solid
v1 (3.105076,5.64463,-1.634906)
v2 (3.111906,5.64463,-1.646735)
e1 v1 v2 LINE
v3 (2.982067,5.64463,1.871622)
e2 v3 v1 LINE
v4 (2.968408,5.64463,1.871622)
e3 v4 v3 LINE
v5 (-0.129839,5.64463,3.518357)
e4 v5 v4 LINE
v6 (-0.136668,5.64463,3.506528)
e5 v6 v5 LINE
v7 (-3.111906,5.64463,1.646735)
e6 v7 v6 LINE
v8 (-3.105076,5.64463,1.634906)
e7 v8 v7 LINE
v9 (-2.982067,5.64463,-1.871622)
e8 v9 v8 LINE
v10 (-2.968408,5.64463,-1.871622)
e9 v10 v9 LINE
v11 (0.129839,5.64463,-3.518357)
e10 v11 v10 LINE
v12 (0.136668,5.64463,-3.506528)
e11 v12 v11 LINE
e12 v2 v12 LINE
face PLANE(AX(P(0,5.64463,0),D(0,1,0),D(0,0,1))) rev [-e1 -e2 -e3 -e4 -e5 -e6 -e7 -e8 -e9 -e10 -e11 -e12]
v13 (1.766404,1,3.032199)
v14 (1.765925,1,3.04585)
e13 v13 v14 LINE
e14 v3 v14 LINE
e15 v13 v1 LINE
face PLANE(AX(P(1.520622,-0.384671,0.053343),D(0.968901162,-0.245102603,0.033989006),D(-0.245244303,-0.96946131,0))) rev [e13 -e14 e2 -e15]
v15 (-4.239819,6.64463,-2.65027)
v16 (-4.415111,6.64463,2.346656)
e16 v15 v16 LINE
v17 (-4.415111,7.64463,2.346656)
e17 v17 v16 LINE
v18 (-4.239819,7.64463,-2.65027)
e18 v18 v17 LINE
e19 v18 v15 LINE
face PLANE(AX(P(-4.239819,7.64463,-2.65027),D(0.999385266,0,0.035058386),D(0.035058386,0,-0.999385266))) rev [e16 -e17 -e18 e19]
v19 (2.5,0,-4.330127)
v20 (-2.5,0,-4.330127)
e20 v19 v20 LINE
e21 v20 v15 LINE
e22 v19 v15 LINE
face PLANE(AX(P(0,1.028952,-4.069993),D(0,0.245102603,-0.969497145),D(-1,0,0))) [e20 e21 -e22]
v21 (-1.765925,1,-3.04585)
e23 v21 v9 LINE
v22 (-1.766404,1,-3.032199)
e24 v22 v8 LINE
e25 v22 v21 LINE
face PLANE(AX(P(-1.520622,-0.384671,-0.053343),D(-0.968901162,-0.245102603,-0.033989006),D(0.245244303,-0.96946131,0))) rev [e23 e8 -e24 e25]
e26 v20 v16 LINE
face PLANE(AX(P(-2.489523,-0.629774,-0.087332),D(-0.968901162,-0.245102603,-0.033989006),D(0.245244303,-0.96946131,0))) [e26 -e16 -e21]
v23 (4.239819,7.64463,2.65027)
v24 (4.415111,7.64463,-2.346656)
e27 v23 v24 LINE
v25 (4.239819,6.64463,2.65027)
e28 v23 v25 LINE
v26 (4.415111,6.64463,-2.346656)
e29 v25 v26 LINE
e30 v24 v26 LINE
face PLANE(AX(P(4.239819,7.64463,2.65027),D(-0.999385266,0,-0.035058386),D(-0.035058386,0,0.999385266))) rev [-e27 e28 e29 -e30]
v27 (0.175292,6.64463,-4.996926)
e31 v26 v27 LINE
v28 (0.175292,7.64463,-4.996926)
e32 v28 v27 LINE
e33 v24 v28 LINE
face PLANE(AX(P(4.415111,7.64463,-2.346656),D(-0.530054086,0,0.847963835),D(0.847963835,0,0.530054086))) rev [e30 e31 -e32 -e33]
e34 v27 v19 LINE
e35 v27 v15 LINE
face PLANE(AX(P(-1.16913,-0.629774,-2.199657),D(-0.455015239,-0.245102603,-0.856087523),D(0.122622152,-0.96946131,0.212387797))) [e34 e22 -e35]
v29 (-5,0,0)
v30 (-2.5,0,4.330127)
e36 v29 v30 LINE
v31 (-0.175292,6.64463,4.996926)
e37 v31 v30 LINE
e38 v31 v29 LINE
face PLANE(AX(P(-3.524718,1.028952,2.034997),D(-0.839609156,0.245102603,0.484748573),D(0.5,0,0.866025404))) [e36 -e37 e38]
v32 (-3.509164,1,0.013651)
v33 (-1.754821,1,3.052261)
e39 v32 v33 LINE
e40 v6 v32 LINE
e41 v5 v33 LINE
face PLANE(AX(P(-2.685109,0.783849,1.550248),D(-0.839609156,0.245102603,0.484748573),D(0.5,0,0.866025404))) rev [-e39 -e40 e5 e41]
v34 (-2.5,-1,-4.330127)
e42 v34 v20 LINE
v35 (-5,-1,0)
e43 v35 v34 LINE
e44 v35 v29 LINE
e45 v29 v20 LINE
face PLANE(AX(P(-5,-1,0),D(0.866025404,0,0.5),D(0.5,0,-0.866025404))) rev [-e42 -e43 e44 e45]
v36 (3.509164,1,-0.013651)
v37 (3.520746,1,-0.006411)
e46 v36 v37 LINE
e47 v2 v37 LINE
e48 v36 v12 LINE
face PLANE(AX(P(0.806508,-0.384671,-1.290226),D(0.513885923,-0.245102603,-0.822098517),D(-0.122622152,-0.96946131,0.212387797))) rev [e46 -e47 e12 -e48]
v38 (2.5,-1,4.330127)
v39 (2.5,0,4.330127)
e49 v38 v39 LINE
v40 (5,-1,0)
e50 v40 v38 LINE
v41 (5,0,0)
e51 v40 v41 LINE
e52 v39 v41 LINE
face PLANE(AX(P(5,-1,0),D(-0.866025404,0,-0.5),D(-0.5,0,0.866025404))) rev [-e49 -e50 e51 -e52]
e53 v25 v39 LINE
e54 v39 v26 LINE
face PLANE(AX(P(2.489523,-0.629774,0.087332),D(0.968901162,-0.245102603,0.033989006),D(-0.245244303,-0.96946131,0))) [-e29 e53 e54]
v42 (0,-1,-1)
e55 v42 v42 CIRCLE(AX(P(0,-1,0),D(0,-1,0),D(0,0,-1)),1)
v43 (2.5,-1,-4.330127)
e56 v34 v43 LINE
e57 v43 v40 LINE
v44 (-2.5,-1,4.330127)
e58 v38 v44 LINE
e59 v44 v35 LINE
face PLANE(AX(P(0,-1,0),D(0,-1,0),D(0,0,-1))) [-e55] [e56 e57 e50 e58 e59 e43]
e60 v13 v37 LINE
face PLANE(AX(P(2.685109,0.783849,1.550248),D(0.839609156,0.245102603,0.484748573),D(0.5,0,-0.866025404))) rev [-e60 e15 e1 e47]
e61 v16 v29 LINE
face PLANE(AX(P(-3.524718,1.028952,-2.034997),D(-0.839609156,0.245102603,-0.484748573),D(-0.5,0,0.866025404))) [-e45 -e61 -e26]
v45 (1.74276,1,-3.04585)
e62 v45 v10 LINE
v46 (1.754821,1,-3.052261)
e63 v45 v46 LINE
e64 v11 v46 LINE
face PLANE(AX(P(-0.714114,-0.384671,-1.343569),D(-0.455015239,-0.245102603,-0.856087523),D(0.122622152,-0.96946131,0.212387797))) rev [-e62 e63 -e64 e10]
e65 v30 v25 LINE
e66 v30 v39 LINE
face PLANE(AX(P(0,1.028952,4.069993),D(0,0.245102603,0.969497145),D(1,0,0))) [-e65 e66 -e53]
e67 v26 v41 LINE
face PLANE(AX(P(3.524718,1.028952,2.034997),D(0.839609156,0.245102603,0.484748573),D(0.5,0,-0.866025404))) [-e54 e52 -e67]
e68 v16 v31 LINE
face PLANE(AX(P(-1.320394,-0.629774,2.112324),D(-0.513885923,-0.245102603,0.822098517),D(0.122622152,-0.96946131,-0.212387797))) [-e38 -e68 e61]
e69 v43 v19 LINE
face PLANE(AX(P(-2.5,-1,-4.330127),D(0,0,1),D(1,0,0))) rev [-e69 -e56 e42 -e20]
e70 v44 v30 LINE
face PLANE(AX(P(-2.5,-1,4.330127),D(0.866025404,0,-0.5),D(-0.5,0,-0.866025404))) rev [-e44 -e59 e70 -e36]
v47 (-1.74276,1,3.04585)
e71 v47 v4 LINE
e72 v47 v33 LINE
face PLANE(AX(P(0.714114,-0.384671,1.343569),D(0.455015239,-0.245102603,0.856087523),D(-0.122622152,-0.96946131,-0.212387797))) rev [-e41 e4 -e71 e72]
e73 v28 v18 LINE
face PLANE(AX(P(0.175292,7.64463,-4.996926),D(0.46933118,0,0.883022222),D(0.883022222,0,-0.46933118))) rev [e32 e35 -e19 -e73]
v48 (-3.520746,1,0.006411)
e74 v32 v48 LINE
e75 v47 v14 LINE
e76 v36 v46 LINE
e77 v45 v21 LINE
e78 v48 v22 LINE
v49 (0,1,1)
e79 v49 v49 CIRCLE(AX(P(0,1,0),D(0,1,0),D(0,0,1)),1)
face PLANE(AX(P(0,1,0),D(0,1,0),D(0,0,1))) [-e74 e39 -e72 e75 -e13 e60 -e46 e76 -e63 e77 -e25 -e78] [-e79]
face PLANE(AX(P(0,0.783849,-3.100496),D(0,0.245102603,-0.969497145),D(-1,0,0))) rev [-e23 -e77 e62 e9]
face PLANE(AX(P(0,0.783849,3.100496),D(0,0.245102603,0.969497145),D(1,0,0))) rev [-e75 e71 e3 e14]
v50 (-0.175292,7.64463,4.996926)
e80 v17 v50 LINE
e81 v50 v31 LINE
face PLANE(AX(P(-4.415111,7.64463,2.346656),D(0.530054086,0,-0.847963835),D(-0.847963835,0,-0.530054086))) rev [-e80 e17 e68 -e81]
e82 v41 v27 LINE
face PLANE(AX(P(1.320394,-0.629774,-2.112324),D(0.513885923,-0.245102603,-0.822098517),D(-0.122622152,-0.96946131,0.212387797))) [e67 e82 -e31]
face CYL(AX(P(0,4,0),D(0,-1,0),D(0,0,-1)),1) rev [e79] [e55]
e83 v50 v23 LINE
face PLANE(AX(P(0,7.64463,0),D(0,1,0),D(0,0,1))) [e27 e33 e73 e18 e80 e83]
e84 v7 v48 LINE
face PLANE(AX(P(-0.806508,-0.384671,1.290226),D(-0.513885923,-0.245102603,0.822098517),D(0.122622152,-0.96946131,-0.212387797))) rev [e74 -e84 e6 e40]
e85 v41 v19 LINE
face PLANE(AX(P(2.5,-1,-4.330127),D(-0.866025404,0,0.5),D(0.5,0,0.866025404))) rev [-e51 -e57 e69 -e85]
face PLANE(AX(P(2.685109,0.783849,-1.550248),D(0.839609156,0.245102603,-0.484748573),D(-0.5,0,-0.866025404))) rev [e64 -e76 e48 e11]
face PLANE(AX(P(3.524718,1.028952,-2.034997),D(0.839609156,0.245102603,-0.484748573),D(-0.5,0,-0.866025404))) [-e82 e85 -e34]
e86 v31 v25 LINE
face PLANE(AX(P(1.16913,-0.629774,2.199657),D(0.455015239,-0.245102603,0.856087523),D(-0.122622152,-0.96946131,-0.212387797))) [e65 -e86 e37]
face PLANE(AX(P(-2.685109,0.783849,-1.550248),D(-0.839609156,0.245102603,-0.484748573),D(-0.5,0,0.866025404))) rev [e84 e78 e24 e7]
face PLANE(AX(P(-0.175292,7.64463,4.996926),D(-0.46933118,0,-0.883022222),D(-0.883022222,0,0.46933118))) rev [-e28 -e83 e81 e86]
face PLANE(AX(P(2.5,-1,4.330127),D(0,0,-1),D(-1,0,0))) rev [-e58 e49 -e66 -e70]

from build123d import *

# Parameters (mm, degrees)
CIRPATTERN2_9_6_ANGLE   = 300
CIRPATTERN2_8_9_ANGLE   = 240
CIRPATTERN2_10_11_ANGLE = 300
CIRPATTERN2_7_13_ANGLE  = 240
CIRPATTERN2_6_15_ANGLE  = 180
CIRPATTERN2_5_17_ANGLE  = 180
CIRPATTERN2_4_19_ANGLE  = 120
CIRPATTERN2_2_21_ANGLE  = 60
CIRPATTERN2_3_23_ANGLE  = 120
CIRPATTERN2_25_ANGLE    = 60
THICKEN1_T2             = 1
BOSS_EXTRUDE1_DEPTH     = 1
BOSS_EXTRUDE2_DEPTH     = 1
SKETCH14_R              = 1
CUT_EXTRUDE1_DEPTH      = 5


with BuildPart() as body_1:
    # Sketch7 → Surface-Plane5: a flat surface bounded by the sketch
    with BuildSketch(Plane(origin=(-3.524717678, 1.028951947, -2.0349967), x_dir=(0.46535585521279793, -0.13573914338570603, -0.8746535388209896), z_dir=(0.8396091564737522, -0.24510260263935496, 0.484748572504189)), mode=Mode.PRIVATE) as surface_plane5_2_region:
        Polygon((2.623971283, -0.700846857), (-2.326779276, -1.400896074), (-5.009045109, 5.141691335), align=None)
    surface_plane5_2 = surface_plane5_2_region.sketch.faces()[0]
    # Sketch2 → Surface-Plane6: a flat surface bounded by the sketch
    with BuildSketch(Plane(origin=(0, 6.644630244, 0), x_dir=(1, 0, 0), z_dir=(0, 1, 0)), mode=Mode.PRIVATE) as surface_plane6_3_region:
        Polygon((-4.239819176, 2.650270431), (-4.415111108, -2.346655898), (-0.175291932, -4.996926329), (4.239819176, -2.650270431), (4.415111108, 2.346655898), (0.175291932, 4.996926329), align=None)
    surface_plane6_3 = surface_plane6_3_region.sketch.faces()[0]
    # Sketch6 → Surface-Plane4: a flat surface bounded by the sketch
    with BuildSketch(Plane(origin=(-2.489523341, -0.629773886, -0.087332357), x_dir=(0.07067634350540625, -0.14247920195053043, -0.9872712552689084), z_dir=(0.968901161979092, 0.24510260263935799, 0.03398900550145962)), mode=Mode.PRIVATE) as surface_plane4_4_region:
        Polygon((4.098319079, 1.265627187), (1.370159284, 7.789210875), (-3.575551438, 7.054401069), align=None)
    surface_plane4_4 = surface_plane4_4_region.sketch.faces()[0]
    # Sketch6 → Surface-Plane4: a flat surface bounded by the sketch
    with BuildSketch(Plane(origin=(-2.489523341, -0.629773886, -0.087332357), x_dir=(0.07067634350540625, -0.14247920195053043, -0.9872712552689084), z_dir=(0.968901161979092, 0.24510260263935799, 0.03398900550145962)), mode=Mode.PRIVATE) as surface_plane4_5_region:
        Polygon((4.098319079, 1.265627187), (1.370159284, 7.789210875), (-3.575551438, 7.054401069), align=None)
    surface_plane4_5 = surface_plane4_5_region.sketch.faces()[0]
    # CirPattern2 9: a copy of that surface (a pattern of surface bodies)
    cirpattern2_9_6 = surface_plane4_5.rotate(Axis((0, 0, 0), (0, 1, 0)), CIRPATTERN2_9_6_ANGLE)
    # Sketch1 → Surface-Plane7: a flat surface bounded by the sketch
    with BuildSketch(Plane(origin=(0, 0, 0), x_dir=(1, 0, 0), z_dir=(0, 1, 0)), mode=Mode.PRIVATE) as surface_plane7_7_region:
        Polygon((5, 0), (2.5, 4.330127019), (-2.5, 4.330127019), (-5, 0), (-2.5, -4.330127019), (2.5, -4.330127019), align=None)
    surface_plane7_7 = surface_plane7_7_region.sketch.faces()[0]
    # Sketch7 → Surface-Plane5: a flat surface bounded by the sketch
    with BuildSketch(Plane(origin=(-3.524717678, 1.028951947, -2.0349967), x_dir=(0.46535585521279793, -0.13573914338570603, -0.8746535388209896), z_dir=(0.8396091564737522, -0.24510260263935496, 0.484748572504189)), mode=Mode.PRIVATE) as surface_plane5_8_region:
        Polygon((2.623971283, -0.700846857), (-2.326779276, -1.400896074), (-5.009045109, 5.141691335), align=None)
    surface_plane5_8 = surface_plane5_8_region.sketch.faces()[0]
    # CirPattern2 8: a copy of that surface (a pattern of surface bodies)
    cirpattern2_8_9 = surface_plane5_8.rotate(Axis((0, 0, 0), (0, 1, 0)), CIRPATTERN2_8_9_ANGLE)
    # Sketch7 → Surface-Plane5: a flat surface bounded by the sketch
    with BuildSketch(Plane(origin=(-3.524717678, 1.028951947, -2.0349967), x_dir=(0.46535585521279793, -0.13573914338570603, -0.8746535388209896), z_dir=(0.8396091564737522, -0.24510260263935496, 0.484748572504189)), mode=Mode.PRIVATE) as surface_plane5_10_region:
        Polygon((2.623971283, -0.700846857), (-2.326779276, -1.400896074), (-5.009045109, 5.141691335), align=None)
    surface_plane5_10 = surface_plane5_10_region.sketch.faces()[0]
    # CirPattern2 10: a copy of that surface (a pattern of surface bodies)
    cirpattern2_10_11 = surface_plane5_10.rotate(Axis((0, 0, 0), (0, 1, 0)), CIRPATTERN2_10_11_ANGLE)
    # Sketch6 → Surface-Plane4: a flat surface bounded by the sketch
    with BuildSketch(Plane(origin=(-2.489523341, -0.629773886, -0.087332357), x_dir=(0.07067634350540625, -0.14247920195053043, -0.9872712552689084), z_dir=(0.968901161979092, 0.24510260263935799, 0.03398900550145962)), mode=Mode.PRIVATE) as surface_plane4_12_region:
        Polygon((4.098319079, 1.265627187), (1.370159284, 7.789210875), (-3.575551438, 7.054401069), align=None)
    surface_plane4_12 = surface_plane4_12_region.sketch.faces()[0]
    # CirPattern2 7: a copy of that surface (a pattern of surface bodies)
    cirpattern2_7_13 = surface_plane4_12.rotate(Axis((0, 0, 0), (0, 1, 0)), CIRPATTERN2_7_13_ANGLE)
    # Sketch7 → Surface-Plane5: a flat surface bounded by the sketch
    with BuildSketch(Plane(origin=(-3.524717678, 1.028951947, -2.0349967), x_dir=(0.46535585521279793, -0.13573914338570603, -0.8746535388209896), z_dir=(0.8396091564737522, -0.24510260263935496, 0.484748572504189)), mode=Mode.PRIVATE) as surface_plane5_14_region:
        Polygon((2.623971283, -0.700846857), (-2.326779276, -1.400896074), (-5.009045109, 5.141691335), align=None)
    surface_plane5_14 = surface_plane5_14_region.sketch.faces()[0]
    # CirPattern2 6: a copy of that surface (a pattern of surface bodies)
    cirpattern2_6_15 = surface_plane5_14.rotate(Axis((0, 0, 0), (0, 1, 0)), CIRPATTERN2_6_15_ANGLE)
    # Sketch6 → Surface-Plane4: a flat surface bounded by the sketch
    with BuildSketch(Plane(origin=(-2.489523341, -0.629773886, -0.087332357), x_dir=(0.07067634350540625, -0.14247920195053043, -0.9872712552689084), z_dir=(0.968901161979092, 0.24510260263935799, 0.03398900550145962)), mode=Mode.PRIVATE) as surface_plane4_16_region:
        Polygon((4.098319079, 1.265627187), (1.370159284, 7.789210875), (-3.575551438, 7.054401069), align=None)
    surface_plane4_16 = surface_plane4_16_region.sketch.faces()[0]
    # CirPattern2 5: a copy of that surface (a pattern of surface bodies)
    cirpattern2_5_17 = surface_plane4_16.rotate(Axis((0, 0, 0), (0, 1, 0)), CIRPATTERN2_5_17_ANGLE)
    # Sketch7 → Surface-Plane5: a flat surface bounded by the sketch
    with BuildSketch(Plane(origin=(-3.524717678, 1.028951947, -2.0349967), x_dir=(0.46535585521279793, -0.13573914338570603, -0.8746535388209896), z_dir=(0.8396091564737522, -0.24510260263935496, 0.484748572504189)), mode=Mode.PRIVATE) as surface_plane5_18_region:
        Polygon((2.623971283, -0.700846857), (-2.326779276, -1.400896074), (-5.009045109, 5.141691335), align=None)
    surface_plane5_18 = surface_plane5_18_region.sketch.faces()[0]
    # CirPattern2 4: a copy of that surface (a pattern of surface bodies)
    cirpattern2_4_19 = surface_plane5_18.rotate(Axis((0, 0, 0), (0, 1, 0)), CIRPATTERN2_4_19_ANGLE)
    # Sketch7 → Surface-Plane5: a flat surface bounded by the sketch
    with BuildSketch(Plane(origin=(-3.524717678, 1.028951947, -2.0349967), x_dir=(0.46535585521279793, -0.13573914338570603, -0.8746535388209896), z_dir=(0.8396091564737522, -0.24510260263935496, 0.484748572504189)), mode=Mode.PRIVATE) as surface_plane5_20_region:
        Polygon((2.623971283, -0.700846857), (-2.326779276, -1.400896074), (-5.009045109, 5.141691335), align=None)
    surface_plane5_20 = surface_plane5_20_region.sketch.faces()[0]
    # CirPattern2 2: a copy of that surface (a pattern of surface bodies)
    cirpattern2_2_21 = surface_plane5_20.rotate(Axis((0, 0, 0), (0, 1, 0)), CIRPATTERN2_2_21_ANGLE)
    # Sketch6 → Surface-Plane4: a flat surface bounded by the sketch
    with BuildSketch(Plane(origin=(-2.489523341, -0.629773886, -0.087332357), x_dir=(0.07067634350540625, -0.14247920195053043, -0.9872712552689084), z_dir=(0.968901161979092, 0.24510260263935799, 0.03398900550145962)), mode=Mode.PRIVATE) as surface_plane4_22_region:
        Polygon((4.098319079, 1.265627187), (1.370159284, 7.789210875), (-3.575551438, 7.054401069), align=None)
    surface_plane4_22 = surface_plane4_22_region.sketch.faces()[0]
    # CirPattern2 3: a copy of that surface (a pattern of surface bodies)
    cirpattern2_3_23 = surface_plane4_22.rotate(Axis((0, 0, 0), (0, 1, 0)), CIRPATTERN2_3_23_ANGLE)
    # Sketch6 → Surface-Plane4: a flat surface bounded by the sketch
    with BuildSketch(Plane(origin=(-2.489523341, -0.629773886, -0.087332357), x_dir=(0.07067634350540625, -0.14247920195053043, -0.9872712552689084), z_dir=(0.968901161979092, 0.24510260263935799, 0.03398900550145962)), mode=Mode.PRIVATE) as surface_plane4_24_region:
        Polygon((4.098319079, 1.265627187), (1.370159284, 7.789210875), (-3.575551438, 7.054401069), align=None)
    surface_plane4_24 = surface_plane4_24_region.sketch.faces()[0]
    # CirPattern2: a copy of that surface (a pattern of surface bodies)
    cirpattern2_25 = surface_plane4_24.rotate(Axis((0, 0, 0), (0, 1, 0)), CIRPATTERN2_25_ANGLE)
    # Surface-Knit1: the surfaces knitted into one
    surface_knit1_1 = Shell(Face.sew_faces(surface_plane5_2.faces() + surface_plane6_3.faces() + surface_plane4_4.faces() + cirpattern2_9_6.faces() + surface_plane7_7.faces() + cirpattern2_8_9.faces() + cirpattern2_10_11.faces() + cirpattern2_7_13.faces() + cirpattern2_6_15.faces() + cirpattern2_5_17.faces() + cirpattern2_4_19.faces() + cirpattern2_2_21.faces() + cirpattern2_3_23.faces() + cirpattern2_25.faces())[0])
    add(Solid.thicken(surface_knit1_1, -THICKEN1_T2))

    # Sketch12 → Boss-Extrude1 (add)
    with BuildSketch(Plane(origin=(0, 6.644630244, 0), x_dir=(1, 0, 0), z_dir=(0, 1, 0))):
        Polygon((0.175291932, 4.996926329), (-4.239819176, 2.650270431), (-4.415111108, -2.346655898), (-0.175291932, -4.996926329), (4.239819176, -2.650270431), (4.415111108, 2.346655898), align=None)
    extrude(amount=BOSS_EXTRUDE1_DEPTH)

    # Sketch13 → Boss-Extrude2 (add)
    with BuildSketch(Plane.XZ):
        Polygon((5, 0), (2.5, 4.330127019), (-2.5, 4.330127019), (-5, 0), (-2.5, -4.330127019), (2.5, -4.330127019), align=None)
    extrude(amount=BOSS_EXTRUDE2_DEPTH)

    # Sketch14 → Cut-Extrude1 (cut)
    with BuildSketch(Plane.XZ.offset(1)):
        with Locations(Location((0, 0, 0), (0, 0, 270))):
            Circle(SKETCH14_R)
    extrude(amount=-CUT_EXTRUDE1_DEPTH, mode=Mode.SUBTRACT)


solid = body_1.part
